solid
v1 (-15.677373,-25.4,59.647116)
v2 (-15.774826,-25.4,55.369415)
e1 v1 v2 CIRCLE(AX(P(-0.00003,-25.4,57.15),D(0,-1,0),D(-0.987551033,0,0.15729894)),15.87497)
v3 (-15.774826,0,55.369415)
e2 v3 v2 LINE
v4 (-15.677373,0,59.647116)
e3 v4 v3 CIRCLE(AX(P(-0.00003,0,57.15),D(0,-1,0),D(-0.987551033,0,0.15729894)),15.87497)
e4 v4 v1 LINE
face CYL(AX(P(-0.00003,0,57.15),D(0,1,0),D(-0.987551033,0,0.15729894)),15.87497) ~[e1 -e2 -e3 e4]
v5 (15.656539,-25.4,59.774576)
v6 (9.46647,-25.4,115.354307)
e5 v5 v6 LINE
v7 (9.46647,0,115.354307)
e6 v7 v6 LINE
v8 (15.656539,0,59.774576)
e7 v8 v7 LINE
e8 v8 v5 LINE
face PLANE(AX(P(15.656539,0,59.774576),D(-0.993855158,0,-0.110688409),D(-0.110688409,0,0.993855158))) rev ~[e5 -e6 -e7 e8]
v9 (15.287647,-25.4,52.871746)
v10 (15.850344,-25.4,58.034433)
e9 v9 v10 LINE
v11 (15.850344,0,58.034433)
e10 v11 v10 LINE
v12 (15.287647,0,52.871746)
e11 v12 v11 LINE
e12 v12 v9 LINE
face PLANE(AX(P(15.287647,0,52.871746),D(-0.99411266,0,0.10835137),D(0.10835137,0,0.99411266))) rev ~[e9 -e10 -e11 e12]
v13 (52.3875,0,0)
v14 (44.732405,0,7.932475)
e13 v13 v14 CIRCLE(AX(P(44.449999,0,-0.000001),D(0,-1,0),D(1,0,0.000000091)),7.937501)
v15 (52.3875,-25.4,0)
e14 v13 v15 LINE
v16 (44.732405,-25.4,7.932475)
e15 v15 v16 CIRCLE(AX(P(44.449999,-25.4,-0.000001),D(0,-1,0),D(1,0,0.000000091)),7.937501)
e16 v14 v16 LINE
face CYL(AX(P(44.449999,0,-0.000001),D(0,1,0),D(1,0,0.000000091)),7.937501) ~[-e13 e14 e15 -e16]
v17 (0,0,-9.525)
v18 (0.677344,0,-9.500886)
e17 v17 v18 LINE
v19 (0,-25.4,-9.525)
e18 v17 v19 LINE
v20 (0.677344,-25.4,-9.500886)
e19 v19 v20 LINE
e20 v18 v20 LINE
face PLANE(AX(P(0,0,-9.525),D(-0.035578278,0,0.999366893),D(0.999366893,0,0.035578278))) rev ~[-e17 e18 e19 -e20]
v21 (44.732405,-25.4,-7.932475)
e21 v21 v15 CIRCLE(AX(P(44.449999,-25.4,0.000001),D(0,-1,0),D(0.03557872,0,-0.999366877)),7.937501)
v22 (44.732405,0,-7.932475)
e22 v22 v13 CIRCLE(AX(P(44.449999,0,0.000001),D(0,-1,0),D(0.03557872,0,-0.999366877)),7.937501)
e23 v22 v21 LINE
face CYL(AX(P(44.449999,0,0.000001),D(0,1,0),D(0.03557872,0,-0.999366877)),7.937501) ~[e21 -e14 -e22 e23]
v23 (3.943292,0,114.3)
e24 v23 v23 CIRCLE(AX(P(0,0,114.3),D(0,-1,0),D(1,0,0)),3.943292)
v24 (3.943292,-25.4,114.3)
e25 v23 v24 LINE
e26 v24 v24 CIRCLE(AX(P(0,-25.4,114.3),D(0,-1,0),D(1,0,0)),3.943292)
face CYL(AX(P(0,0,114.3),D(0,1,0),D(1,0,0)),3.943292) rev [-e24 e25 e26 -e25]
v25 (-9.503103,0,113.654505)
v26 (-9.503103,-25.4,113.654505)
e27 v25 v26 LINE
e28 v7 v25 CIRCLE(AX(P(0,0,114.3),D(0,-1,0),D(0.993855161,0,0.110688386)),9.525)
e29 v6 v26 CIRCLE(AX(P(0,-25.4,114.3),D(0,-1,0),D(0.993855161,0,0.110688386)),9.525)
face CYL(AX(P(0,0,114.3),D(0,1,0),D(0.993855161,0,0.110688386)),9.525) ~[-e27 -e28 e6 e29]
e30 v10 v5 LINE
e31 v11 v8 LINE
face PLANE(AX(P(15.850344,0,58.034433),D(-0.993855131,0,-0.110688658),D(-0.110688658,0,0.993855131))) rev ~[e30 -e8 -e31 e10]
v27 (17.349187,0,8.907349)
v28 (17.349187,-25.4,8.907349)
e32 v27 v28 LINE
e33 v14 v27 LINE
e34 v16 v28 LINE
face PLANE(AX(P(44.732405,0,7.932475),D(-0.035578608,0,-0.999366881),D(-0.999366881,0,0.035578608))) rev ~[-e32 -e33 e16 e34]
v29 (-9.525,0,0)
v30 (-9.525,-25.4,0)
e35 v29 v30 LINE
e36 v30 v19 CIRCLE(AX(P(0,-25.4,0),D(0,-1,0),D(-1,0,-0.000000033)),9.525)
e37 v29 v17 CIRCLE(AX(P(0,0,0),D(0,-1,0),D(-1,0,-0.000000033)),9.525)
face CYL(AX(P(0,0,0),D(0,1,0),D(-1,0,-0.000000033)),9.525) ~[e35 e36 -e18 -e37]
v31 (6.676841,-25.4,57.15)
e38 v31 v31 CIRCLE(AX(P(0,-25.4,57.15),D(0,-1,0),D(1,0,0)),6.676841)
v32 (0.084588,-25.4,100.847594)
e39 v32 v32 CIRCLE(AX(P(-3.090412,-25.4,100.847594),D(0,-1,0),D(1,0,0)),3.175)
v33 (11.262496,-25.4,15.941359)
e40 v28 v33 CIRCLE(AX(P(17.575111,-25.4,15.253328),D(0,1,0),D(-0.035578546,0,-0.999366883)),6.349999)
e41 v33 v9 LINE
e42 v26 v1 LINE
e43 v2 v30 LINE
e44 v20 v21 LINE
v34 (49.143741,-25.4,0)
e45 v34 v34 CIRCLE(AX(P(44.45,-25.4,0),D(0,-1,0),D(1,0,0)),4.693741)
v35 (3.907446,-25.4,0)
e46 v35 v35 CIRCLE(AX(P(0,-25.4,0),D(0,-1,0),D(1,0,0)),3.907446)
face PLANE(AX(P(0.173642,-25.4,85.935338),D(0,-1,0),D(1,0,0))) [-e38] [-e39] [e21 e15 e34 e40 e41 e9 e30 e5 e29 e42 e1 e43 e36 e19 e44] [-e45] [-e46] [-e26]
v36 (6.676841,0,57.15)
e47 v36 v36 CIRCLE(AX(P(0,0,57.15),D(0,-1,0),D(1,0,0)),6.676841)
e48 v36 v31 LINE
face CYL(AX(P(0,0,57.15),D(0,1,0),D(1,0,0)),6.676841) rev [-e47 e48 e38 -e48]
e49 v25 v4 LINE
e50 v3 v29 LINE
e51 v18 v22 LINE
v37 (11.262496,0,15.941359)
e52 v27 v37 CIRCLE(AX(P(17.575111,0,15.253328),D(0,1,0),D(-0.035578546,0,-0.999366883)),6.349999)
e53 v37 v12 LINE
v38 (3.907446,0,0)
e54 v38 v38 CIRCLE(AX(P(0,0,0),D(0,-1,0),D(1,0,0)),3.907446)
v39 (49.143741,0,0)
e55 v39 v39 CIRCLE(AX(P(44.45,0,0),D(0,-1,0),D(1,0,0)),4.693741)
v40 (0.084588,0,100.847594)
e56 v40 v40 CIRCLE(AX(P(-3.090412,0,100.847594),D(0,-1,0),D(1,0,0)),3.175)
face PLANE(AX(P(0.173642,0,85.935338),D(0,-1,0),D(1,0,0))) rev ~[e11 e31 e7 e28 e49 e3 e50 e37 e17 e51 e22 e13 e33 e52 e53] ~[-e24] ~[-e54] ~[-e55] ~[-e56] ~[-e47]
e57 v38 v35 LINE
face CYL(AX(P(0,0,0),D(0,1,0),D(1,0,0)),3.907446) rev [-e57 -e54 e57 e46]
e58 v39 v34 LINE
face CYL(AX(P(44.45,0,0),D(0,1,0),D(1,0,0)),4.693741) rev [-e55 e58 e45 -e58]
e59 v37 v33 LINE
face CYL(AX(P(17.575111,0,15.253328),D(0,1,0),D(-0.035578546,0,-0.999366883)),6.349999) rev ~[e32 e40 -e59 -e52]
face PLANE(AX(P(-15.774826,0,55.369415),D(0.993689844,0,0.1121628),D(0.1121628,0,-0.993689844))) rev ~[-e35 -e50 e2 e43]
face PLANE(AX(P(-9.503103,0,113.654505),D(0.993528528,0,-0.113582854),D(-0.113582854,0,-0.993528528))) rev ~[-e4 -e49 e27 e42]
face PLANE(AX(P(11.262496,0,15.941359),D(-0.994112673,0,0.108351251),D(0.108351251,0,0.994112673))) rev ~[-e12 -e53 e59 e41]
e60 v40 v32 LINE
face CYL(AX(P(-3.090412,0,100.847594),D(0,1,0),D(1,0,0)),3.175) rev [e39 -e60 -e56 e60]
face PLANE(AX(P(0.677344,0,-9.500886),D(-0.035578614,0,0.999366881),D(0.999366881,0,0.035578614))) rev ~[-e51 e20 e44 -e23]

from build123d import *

# Parameters (mm, degrees)
F0_R     = 3.175
F0_R_2   = 3.943292
F0_R_3   = 6.676841
F0_R_4   = 3.907446
F0_R_5   = 4.693741
F1_DEPTH = 25.4


with BuildPart() as f1:
    # F0 (on Front) → F1 (new body)
    with BuildSketch(Plane.XZ):
        with BuildLine():
            ThreePointArc((9.46647, 115.354307), (9.510356, 114.827965), (9.525, 114.3))
            ThreePointArc((9.525, 114.3), (0.322933, 104.780476), (-9.503103, 113.654505))
            Line((-9.503103, 113.654505), (-15.677373, 59.647116))
            ThreePointArc((-15.677373, 59.647116), (-0.064576, 73.024869), (15.656539, 59.774576))
            Line((15.656539, 59.774576), (9.46647, 115.354307))
        make_face()
        with Locations((-3.090412, 100.847594)):
            Circle(F0_R, mode=Mode.SUBTRACT)
        with BuildLine():
            ThreePointArc((-9.503103, 113.654505), (0.322933, 104.780476), (9.525, 114.3))
            ThreePointArc((9.525, 114.3), (9.510356, 114.827965), (9.46647, 115.354307))
            ThreePointArc((9.46647, 115.354307), (-0.850098, 123.786989), (-9.503103, 113.654505))
        make_face()
        with Locations((0, 114.3)):
            Circle(F0_R_2, mode=Mode.SUBTRACT)
        with BuildLine():
            Line((15.850344, 58.034433), (15.656539, 59.774576))
            ThreePointArc((15.656539, 59.774576), (-0.064576, 73.024869), (-15.677373, 59.647116))
            ThreePointArc((-15.677373, 59.647116), (-15.870882, 57.511564), (-15.774826, 55.369415))
            ThreePointArc((-15.774826, 55.369415), (-1.27237, 41.326072), (15.287647, 52.871746))
            Line((15.287647, 52.871746), (15.850344, 58.034433))
        make_face()
        with Locations((0, 57.15)):
            Circle(F0_R_3, mode=Mode.SUBTRACT)
        with BuildLine():
            ThreePointArc((15.287647, 52.871746), (-1.27237, 41.326072), (-15.774826, 55.369415))
            Line((-15.774826, 55.369415), (-9.525, 0))
            ThreePointArc((-9.525, 0), (0, 9.525), (9.525, 0))
            ThreePointArc((9.525, 0), (6.970557, -6.491299), (0.677344, -9.500886))
            Line((0.677344, -9.500886), (44.732405, -7.932475))
            ThreePointArc((44.732405, -7.932475), (36.5125, 0), (44.732405, 7.932475))
            Line((44.732405, 7.932475), (17.349187, 8.907349))
            ThreePointArc((17.349187, 8.907349), (12.773294, 11.098205), (11.262496, 15.941359))
            Line((11.262496, 15.941359), (15.287647, 52.871746))
        make_face()
        with BuildLine():
            ThreePointArc((9.525, 0), (0, 9.525), (-9.525, 0))
            ThreePointArc((-9.525, 0), (-6.735192, -6.735192), (0, -9.525))
            Line((0, -9.525), (0.677344, -9.500886))
            ThreePointArc((0.677344, -9.500886), (6.970557, -6.491299), (9.525, 0))
        make_face()
        Circle(F0_R_4, mode=Mode.SUBTRACT)
        with BuildLine():
            ThreePointArc((52.3875, 0), (50.161633, 5.51191), (44.732405, 7.932475))
            ThreePointArc((44.732405, 7.932475), (36.5125, 0), (44.732405, -7.932475))
            ThreePointArc((44.732405, -7.932475), (50.161633, -5.51191), (52.3875, 0))
        make_face()
        with Locations((44.45, 0)):
            Circle(F0_R_5, mode=Mode.SUBTRACT)
    extrude(amount=F1_DEPTH)


solid = f1.part
